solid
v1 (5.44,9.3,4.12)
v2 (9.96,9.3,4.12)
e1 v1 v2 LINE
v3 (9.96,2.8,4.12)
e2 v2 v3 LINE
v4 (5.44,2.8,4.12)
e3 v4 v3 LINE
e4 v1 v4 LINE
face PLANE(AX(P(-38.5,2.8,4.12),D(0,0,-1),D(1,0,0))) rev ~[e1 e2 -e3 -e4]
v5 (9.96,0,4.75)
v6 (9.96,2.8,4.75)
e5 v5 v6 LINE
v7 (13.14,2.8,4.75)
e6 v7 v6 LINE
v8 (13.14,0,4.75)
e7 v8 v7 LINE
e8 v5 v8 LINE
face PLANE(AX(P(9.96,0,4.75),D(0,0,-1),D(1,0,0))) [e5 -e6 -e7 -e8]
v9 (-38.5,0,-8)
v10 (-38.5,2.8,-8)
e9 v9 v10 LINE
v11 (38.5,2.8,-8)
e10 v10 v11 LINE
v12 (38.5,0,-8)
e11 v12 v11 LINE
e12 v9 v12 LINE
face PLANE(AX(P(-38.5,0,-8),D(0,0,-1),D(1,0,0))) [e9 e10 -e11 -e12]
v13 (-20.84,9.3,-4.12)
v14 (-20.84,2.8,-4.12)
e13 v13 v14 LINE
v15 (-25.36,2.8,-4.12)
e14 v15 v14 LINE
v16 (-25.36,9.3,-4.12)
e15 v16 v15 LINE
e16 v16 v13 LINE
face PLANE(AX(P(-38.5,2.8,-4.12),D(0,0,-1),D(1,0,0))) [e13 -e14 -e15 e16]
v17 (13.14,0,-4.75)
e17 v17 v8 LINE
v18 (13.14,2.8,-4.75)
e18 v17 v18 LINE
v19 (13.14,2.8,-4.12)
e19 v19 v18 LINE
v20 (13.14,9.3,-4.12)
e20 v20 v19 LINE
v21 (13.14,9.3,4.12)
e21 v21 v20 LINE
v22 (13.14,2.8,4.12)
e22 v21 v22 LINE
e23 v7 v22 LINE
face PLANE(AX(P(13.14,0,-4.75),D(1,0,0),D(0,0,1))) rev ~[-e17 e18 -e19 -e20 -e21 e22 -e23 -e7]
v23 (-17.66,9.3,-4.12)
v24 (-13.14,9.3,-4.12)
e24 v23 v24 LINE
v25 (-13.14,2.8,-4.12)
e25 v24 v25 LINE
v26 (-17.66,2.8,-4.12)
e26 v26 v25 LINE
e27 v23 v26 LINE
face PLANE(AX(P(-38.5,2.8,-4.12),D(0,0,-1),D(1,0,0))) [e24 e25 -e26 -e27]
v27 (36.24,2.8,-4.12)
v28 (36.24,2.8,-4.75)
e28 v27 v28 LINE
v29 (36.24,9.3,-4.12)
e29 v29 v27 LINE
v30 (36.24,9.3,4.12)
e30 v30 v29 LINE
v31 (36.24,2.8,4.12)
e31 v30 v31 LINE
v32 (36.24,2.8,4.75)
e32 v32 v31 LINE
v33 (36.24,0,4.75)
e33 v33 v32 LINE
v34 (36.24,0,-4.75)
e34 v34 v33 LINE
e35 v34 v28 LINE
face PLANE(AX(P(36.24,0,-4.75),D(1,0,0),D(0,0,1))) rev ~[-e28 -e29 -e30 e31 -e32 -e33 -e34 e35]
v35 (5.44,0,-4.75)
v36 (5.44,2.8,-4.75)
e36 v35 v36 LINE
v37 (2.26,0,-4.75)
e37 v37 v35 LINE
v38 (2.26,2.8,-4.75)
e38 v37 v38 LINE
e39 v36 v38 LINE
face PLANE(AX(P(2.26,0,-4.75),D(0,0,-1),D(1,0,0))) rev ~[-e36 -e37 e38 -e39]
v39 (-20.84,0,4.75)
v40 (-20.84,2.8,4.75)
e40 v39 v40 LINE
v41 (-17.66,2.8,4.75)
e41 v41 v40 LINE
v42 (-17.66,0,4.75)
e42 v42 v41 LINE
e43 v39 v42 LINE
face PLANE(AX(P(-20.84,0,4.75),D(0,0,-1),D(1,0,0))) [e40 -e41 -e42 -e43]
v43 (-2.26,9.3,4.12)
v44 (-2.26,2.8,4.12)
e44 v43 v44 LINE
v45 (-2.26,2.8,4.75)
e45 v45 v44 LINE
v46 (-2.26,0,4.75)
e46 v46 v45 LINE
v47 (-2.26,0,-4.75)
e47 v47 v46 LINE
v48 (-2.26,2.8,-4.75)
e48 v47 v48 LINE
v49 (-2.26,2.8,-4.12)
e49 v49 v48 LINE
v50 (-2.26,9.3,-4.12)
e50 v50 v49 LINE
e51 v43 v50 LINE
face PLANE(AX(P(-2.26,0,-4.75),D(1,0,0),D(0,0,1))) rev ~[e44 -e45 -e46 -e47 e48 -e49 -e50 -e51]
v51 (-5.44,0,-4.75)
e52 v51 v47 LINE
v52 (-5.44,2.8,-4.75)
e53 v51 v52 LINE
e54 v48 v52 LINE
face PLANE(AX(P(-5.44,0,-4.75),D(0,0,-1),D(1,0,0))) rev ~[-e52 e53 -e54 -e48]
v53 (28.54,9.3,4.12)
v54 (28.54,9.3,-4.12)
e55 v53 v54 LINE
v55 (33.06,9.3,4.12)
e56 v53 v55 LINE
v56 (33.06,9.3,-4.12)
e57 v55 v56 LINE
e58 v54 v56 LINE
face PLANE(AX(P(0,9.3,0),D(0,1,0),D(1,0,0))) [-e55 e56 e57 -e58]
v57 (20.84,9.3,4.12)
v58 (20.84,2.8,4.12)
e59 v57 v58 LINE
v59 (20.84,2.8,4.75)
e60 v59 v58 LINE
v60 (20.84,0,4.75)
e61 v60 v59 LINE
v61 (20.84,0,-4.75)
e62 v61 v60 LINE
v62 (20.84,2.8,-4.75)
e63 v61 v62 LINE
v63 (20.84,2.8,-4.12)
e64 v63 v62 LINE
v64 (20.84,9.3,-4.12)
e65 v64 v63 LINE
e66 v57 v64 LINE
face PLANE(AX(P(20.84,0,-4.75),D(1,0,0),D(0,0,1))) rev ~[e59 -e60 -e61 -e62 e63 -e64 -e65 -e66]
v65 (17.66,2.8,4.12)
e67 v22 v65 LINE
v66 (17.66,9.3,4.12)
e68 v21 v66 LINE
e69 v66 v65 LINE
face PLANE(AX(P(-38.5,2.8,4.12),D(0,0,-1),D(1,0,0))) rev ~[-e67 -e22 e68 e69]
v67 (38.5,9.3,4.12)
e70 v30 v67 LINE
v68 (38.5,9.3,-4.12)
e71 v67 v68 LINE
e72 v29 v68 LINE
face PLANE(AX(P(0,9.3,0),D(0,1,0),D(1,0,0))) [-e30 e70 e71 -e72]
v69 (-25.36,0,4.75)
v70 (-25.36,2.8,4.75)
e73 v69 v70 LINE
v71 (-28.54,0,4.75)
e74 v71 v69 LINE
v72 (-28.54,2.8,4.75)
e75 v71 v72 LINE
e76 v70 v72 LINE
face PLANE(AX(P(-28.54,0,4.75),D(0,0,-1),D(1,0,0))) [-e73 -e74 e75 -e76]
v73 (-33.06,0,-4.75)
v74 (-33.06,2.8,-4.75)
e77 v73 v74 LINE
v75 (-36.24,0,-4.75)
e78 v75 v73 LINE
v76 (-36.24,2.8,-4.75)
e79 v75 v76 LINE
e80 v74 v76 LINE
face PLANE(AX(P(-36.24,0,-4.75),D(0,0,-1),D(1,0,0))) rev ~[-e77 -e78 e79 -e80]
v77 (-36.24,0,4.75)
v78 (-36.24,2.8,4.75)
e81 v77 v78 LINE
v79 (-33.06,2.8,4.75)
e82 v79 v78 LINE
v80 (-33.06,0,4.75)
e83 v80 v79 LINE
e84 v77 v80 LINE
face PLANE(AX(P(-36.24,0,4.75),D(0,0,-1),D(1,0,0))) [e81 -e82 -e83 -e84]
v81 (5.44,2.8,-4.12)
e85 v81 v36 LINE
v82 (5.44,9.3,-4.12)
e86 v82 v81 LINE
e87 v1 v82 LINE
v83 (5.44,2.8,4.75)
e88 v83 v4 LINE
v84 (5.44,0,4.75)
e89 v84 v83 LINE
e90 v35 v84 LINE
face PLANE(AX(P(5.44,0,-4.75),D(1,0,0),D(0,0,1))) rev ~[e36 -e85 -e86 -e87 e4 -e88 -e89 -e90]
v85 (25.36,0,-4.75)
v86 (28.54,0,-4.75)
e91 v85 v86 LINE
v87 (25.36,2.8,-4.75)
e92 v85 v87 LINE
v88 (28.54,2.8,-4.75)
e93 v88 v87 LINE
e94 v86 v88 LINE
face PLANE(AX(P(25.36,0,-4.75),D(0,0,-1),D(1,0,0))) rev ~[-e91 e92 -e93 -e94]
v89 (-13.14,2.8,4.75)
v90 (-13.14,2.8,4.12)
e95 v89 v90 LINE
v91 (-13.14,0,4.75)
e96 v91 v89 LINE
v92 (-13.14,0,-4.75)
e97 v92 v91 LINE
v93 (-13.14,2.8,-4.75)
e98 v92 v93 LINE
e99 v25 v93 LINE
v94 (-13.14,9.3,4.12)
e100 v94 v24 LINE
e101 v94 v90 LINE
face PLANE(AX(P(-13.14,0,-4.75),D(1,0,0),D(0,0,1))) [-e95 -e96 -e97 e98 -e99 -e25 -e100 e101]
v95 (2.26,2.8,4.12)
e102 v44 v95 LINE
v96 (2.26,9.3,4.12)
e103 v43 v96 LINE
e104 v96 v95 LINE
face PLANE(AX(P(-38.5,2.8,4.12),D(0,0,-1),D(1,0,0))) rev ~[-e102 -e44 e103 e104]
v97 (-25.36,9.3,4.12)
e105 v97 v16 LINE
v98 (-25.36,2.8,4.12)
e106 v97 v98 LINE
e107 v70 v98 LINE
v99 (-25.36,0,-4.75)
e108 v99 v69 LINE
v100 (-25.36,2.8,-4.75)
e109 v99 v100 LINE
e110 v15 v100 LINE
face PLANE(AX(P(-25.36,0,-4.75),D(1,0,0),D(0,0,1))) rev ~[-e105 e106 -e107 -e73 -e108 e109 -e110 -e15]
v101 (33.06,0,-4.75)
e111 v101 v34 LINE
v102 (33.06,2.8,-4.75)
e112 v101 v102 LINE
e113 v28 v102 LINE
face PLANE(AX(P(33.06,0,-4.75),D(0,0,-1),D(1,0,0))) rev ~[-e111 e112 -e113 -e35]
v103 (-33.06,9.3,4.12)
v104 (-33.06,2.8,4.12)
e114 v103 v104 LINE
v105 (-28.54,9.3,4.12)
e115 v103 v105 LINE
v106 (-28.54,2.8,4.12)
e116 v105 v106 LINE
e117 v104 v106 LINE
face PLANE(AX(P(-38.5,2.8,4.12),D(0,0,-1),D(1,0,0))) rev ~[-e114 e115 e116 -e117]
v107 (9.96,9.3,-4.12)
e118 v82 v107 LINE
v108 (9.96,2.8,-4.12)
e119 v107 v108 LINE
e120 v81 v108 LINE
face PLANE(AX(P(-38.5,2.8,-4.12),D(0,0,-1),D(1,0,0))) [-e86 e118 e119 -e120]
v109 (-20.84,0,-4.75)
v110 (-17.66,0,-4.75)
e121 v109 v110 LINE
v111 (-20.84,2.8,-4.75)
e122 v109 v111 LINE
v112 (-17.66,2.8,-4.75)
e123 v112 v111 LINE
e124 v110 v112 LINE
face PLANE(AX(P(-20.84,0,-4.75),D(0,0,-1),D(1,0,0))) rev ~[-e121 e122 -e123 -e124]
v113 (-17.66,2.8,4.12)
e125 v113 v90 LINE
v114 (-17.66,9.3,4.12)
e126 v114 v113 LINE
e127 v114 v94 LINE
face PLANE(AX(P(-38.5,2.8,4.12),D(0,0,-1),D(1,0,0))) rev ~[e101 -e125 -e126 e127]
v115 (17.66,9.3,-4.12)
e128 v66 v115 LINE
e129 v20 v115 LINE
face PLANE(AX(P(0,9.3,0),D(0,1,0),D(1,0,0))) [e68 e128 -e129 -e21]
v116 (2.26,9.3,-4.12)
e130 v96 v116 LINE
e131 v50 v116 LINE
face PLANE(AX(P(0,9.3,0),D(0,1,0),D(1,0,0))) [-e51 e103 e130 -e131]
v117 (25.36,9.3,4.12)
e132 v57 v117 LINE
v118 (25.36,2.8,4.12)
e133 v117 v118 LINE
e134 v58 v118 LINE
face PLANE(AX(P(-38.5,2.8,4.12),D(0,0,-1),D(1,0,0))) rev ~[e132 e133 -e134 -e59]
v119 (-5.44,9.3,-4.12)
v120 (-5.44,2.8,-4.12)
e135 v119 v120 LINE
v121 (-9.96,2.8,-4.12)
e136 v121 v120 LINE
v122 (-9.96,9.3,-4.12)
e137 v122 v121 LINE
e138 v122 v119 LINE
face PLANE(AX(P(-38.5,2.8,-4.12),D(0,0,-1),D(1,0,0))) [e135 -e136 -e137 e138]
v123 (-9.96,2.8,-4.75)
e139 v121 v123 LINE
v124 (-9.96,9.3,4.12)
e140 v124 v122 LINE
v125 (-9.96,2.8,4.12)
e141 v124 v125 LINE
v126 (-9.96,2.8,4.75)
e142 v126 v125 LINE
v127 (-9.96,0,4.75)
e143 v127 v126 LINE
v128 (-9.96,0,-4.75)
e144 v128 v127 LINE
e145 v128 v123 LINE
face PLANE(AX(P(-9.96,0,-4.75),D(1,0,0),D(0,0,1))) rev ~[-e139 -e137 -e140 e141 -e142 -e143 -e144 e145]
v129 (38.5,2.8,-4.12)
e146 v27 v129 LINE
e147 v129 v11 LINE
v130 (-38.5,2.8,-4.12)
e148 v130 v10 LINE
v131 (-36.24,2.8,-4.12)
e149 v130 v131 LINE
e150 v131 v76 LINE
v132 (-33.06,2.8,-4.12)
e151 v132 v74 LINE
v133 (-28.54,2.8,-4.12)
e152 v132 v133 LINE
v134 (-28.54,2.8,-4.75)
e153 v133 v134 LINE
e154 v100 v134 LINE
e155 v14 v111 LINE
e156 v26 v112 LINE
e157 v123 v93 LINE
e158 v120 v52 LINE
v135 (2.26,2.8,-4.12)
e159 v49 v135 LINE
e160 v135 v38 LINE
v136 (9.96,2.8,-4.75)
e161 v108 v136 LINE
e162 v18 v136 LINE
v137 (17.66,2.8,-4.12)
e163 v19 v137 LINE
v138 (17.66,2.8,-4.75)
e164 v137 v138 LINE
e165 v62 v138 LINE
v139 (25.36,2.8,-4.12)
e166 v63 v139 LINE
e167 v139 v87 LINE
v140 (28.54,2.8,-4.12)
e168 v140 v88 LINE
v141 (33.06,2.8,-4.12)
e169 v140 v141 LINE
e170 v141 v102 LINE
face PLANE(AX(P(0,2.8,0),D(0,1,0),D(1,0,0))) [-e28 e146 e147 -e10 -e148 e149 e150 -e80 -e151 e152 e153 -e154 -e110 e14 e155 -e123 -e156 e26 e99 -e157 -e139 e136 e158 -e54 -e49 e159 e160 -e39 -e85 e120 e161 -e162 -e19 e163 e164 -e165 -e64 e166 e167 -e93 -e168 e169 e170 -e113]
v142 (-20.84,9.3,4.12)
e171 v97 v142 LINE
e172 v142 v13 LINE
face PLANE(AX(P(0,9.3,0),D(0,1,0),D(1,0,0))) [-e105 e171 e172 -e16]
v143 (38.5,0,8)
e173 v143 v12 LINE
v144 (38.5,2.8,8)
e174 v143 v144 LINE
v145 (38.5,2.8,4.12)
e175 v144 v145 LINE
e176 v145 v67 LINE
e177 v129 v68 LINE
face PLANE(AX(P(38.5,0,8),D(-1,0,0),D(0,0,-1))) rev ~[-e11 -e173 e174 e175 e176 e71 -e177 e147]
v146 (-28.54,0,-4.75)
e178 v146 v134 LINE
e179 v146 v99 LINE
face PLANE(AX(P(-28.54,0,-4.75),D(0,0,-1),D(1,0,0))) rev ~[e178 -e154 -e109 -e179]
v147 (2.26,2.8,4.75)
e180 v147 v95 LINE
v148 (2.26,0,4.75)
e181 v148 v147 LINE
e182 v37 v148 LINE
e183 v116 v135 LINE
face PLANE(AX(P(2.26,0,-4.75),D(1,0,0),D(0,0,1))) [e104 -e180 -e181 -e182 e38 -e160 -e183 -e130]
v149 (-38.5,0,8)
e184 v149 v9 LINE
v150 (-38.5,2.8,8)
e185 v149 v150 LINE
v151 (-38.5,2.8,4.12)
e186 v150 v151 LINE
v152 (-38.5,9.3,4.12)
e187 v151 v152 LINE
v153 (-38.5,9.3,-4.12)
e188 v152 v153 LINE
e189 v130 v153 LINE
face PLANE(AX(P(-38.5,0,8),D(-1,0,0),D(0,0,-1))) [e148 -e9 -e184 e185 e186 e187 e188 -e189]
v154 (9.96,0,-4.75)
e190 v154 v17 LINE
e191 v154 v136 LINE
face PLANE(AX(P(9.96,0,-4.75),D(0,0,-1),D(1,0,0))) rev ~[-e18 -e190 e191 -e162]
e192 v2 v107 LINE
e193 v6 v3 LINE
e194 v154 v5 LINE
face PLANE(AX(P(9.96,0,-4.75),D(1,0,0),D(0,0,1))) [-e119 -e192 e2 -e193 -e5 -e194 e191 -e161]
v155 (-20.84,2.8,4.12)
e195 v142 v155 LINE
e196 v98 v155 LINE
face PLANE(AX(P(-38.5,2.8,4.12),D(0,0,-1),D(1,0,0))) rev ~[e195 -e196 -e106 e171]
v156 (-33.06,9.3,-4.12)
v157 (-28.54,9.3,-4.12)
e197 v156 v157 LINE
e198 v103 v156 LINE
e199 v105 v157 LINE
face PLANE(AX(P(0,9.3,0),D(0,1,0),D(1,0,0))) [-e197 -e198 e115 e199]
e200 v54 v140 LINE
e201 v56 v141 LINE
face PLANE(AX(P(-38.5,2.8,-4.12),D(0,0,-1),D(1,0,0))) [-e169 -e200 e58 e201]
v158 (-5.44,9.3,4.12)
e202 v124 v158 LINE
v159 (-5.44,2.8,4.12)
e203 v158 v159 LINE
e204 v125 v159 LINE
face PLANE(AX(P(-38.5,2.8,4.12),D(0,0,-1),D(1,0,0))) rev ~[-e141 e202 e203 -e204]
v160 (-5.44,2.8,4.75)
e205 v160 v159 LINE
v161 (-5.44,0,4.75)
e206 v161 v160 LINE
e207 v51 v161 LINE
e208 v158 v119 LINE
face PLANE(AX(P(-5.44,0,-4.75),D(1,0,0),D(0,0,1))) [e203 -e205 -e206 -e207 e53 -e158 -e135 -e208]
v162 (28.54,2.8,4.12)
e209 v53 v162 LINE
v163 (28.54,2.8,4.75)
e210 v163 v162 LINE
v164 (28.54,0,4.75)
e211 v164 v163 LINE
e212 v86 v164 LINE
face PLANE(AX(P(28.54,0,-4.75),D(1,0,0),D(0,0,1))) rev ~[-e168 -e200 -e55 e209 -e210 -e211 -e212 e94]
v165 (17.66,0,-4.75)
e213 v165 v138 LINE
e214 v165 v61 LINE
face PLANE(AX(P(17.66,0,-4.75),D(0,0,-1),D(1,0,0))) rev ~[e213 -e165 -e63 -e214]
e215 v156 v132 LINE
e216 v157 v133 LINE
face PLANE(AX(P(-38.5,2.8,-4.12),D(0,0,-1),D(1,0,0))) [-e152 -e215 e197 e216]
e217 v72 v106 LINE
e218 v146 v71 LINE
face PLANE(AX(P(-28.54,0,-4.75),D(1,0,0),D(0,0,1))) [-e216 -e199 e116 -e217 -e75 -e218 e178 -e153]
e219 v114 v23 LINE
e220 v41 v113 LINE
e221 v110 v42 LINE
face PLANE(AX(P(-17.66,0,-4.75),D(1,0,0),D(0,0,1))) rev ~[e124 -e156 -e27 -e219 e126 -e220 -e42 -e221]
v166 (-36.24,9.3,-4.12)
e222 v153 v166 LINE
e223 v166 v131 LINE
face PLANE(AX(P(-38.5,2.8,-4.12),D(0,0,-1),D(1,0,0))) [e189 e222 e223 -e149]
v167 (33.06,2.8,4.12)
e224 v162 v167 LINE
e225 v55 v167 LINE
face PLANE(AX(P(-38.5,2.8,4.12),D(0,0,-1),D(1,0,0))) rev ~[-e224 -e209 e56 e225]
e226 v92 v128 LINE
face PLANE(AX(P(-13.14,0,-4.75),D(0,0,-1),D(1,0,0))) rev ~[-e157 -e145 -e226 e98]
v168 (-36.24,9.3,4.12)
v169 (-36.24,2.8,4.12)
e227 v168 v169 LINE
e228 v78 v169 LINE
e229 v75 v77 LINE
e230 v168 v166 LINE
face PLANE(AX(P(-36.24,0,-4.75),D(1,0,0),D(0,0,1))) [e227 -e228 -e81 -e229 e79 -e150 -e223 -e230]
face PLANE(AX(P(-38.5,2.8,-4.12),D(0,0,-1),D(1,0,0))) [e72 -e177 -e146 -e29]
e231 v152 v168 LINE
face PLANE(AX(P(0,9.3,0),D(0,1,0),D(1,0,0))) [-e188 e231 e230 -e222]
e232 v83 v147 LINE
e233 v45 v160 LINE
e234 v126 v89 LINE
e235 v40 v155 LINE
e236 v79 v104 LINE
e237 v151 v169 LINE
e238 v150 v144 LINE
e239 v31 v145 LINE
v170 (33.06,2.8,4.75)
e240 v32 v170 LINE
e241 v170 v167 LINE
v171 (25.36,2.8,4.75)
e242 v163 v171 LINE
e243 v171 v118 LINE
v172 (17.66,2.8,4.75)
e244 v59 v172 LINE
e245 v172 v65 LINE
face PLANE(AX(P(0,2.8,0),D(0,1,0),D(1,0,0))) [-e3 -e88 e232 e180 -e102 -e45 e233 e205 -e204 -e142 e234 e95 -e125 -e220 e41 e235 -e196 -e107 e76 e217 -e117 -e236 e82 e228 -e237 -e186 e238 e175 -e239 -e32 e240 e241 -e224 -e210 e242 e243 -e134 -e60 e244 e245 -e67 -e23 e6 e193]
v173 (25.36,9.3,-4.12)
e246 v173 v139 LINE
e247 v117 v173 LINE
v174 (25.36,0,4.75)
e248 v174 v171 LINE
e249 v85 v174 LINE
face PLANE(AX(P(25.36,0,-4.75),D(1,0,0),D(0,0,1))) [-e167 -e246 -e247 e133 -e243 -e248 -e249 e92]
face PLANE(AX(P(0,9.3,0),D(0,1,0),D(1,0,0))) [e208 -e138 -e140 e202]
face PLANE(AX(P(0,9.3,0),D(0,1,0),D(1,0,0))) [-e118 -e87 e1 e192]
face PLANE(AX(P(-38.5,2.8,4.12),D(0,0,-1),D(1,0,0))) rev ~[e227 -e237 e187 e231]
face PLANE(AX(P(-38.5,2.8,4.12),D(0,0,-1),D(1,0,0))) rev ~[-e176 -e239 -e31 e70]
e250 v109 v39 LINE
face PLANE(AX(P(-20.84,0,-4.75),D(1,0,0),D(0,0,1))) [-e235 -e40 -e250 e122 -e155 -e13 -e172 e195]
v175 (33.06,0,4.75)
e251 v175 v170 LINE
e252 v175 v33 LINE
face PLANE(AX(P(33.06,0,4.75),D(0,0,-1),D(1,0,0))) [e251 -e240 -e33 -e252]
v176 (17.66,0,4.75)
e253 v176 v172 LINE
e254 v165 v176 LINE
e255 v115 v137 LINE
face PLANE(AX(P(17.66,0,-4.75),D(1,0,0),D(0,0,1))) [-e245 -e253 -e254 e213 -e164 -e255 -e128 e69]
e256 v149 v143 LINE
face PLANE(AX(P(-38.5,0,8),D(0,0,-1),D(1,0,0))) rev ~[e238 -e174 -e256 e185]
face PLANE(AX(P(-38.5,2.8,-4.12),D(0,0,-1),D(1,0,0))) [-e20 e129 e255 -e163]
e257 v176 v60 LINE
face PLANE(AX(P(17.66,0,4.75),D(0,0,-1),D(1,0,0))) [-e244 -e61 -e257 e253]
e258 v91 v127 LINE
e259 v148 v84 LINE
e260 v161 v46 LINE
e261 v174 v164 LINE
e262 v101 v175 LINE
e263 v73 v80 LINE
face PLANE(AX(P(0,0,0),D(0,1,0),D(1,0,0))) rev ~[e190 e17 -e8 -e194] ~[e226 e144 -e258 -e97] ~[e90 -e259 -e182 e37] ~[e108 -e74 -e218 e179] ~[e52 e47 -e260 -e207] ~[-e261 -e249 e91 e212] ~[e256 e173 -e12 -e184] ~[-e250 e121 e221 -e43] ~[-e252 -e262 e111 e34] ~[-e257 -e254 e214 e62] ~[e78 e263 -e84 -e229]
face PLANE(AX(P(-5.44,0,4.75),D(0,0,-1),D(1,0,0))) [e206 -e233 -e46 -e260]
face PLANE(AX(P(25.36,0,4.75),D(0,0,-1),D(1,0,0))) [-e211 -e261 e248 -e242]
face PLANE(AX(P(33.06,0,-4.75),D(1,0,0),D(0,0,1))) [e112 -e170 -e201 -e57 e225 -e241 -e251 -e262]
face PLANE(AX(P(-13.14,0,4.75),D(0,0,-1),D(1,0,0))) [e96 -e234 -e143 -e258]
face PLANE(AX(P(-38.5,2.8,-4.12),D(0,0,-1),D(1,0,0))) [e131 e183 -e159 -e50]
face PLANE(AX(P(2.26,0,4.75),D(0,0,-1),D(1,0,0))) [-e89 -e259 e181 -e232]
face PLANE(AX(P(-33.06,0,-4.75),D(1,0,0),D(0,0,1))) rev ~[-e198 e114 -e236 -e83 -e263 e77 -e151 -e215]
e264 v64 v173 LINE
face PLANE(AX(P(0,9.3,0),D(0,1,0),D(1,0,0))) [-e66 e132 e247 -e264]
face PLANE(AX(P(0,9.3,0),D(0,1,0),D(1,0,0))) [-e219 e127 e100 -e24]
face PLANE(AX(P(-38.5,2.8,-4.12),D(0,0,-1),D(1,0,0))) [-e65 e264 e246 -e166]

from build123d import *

# Parameters (mm, degrees)
SKETCH1_W           = 77
SKETCH1_H           = 16
BOSS_EXTRUDE1_DEPTH = 2.8
SKETCH2_W           = 77
SKETCH2_H           = 8.24
BOSS_EXTRUDE2_DEPTH = 6.5
SKETCH4_W           = 3.18
SKETCH4_H           = 9.5
CUT_EXTRUDE1_DEPTH  = 10.3


with BuildPart() as part:
    # Sketch1 → Boss-Extrude1 (new body)
    with BuildSketch(Plane(origin=(0, 0, 0), x_dir=(1, 0, 0), z_dir=(0, 1, 0))):
        Rectangle(SKETCH1_W, SKETCH1_H)
    extrude(amount=BOSS_EXTRUDE1_DEPTH)

    # Sketch2 → Boss-Extrude2 (add)
    with BuildSketch(Plane(origin=(0, 2.8, 0), x_dir=(1, 0, 0), z_dir=(0, 1, 0))):
        Rectangle(SKETCH2_W, SKETCH2_H)
    extrude(amount=BOSS_EXTRUDE2_DEPTH)

    # Sketch4 → Cut-Extrude1 (cut, through all)
    with BuildSketch(Plane.XZ):
        with Locations((-26.95, 0)):
            Rectangle(SKETCH4_W, SKETCH4_H)
        with Locations((-34.65, 0)):
            Rectangle(SKETCH4_W, SKETCH4_H)
        with Locations((-19.25, 0)):
            Rectangle(SKETCH4_W, SKETCH4_H)
        with Locations((-11.55, 0)):
            Rectangle(SKETCH4_W, SKETCH4_H)
        with Locations((-3.85, 0)):
            Rectangle(SKETCH4_W, SKETCH4_H)
        with Locations((3.85, 0)):
            Rectangle(SKETCH4_W, SKETCH4_H)
        with Locations((11.55, 0)):
            Rectangle(SKETCH4_W, SKETCH4_H)
        with Locations((19.25, 0)):
            Rectangle(SKETCH4_W, SKETCH4_H)
        with Locations((26.95, 0)):
            Rectangle(SKETCH4_W, SKETCH4_H)
        with Locations((34.65, 0)):
            Rectangle(SKETCH4_W, SKETCH4_H)
    extrude(amount=-CUT_EXTRUDE1_DEPTH, mode=Mode.SUBTRACT)


solid = part.part
